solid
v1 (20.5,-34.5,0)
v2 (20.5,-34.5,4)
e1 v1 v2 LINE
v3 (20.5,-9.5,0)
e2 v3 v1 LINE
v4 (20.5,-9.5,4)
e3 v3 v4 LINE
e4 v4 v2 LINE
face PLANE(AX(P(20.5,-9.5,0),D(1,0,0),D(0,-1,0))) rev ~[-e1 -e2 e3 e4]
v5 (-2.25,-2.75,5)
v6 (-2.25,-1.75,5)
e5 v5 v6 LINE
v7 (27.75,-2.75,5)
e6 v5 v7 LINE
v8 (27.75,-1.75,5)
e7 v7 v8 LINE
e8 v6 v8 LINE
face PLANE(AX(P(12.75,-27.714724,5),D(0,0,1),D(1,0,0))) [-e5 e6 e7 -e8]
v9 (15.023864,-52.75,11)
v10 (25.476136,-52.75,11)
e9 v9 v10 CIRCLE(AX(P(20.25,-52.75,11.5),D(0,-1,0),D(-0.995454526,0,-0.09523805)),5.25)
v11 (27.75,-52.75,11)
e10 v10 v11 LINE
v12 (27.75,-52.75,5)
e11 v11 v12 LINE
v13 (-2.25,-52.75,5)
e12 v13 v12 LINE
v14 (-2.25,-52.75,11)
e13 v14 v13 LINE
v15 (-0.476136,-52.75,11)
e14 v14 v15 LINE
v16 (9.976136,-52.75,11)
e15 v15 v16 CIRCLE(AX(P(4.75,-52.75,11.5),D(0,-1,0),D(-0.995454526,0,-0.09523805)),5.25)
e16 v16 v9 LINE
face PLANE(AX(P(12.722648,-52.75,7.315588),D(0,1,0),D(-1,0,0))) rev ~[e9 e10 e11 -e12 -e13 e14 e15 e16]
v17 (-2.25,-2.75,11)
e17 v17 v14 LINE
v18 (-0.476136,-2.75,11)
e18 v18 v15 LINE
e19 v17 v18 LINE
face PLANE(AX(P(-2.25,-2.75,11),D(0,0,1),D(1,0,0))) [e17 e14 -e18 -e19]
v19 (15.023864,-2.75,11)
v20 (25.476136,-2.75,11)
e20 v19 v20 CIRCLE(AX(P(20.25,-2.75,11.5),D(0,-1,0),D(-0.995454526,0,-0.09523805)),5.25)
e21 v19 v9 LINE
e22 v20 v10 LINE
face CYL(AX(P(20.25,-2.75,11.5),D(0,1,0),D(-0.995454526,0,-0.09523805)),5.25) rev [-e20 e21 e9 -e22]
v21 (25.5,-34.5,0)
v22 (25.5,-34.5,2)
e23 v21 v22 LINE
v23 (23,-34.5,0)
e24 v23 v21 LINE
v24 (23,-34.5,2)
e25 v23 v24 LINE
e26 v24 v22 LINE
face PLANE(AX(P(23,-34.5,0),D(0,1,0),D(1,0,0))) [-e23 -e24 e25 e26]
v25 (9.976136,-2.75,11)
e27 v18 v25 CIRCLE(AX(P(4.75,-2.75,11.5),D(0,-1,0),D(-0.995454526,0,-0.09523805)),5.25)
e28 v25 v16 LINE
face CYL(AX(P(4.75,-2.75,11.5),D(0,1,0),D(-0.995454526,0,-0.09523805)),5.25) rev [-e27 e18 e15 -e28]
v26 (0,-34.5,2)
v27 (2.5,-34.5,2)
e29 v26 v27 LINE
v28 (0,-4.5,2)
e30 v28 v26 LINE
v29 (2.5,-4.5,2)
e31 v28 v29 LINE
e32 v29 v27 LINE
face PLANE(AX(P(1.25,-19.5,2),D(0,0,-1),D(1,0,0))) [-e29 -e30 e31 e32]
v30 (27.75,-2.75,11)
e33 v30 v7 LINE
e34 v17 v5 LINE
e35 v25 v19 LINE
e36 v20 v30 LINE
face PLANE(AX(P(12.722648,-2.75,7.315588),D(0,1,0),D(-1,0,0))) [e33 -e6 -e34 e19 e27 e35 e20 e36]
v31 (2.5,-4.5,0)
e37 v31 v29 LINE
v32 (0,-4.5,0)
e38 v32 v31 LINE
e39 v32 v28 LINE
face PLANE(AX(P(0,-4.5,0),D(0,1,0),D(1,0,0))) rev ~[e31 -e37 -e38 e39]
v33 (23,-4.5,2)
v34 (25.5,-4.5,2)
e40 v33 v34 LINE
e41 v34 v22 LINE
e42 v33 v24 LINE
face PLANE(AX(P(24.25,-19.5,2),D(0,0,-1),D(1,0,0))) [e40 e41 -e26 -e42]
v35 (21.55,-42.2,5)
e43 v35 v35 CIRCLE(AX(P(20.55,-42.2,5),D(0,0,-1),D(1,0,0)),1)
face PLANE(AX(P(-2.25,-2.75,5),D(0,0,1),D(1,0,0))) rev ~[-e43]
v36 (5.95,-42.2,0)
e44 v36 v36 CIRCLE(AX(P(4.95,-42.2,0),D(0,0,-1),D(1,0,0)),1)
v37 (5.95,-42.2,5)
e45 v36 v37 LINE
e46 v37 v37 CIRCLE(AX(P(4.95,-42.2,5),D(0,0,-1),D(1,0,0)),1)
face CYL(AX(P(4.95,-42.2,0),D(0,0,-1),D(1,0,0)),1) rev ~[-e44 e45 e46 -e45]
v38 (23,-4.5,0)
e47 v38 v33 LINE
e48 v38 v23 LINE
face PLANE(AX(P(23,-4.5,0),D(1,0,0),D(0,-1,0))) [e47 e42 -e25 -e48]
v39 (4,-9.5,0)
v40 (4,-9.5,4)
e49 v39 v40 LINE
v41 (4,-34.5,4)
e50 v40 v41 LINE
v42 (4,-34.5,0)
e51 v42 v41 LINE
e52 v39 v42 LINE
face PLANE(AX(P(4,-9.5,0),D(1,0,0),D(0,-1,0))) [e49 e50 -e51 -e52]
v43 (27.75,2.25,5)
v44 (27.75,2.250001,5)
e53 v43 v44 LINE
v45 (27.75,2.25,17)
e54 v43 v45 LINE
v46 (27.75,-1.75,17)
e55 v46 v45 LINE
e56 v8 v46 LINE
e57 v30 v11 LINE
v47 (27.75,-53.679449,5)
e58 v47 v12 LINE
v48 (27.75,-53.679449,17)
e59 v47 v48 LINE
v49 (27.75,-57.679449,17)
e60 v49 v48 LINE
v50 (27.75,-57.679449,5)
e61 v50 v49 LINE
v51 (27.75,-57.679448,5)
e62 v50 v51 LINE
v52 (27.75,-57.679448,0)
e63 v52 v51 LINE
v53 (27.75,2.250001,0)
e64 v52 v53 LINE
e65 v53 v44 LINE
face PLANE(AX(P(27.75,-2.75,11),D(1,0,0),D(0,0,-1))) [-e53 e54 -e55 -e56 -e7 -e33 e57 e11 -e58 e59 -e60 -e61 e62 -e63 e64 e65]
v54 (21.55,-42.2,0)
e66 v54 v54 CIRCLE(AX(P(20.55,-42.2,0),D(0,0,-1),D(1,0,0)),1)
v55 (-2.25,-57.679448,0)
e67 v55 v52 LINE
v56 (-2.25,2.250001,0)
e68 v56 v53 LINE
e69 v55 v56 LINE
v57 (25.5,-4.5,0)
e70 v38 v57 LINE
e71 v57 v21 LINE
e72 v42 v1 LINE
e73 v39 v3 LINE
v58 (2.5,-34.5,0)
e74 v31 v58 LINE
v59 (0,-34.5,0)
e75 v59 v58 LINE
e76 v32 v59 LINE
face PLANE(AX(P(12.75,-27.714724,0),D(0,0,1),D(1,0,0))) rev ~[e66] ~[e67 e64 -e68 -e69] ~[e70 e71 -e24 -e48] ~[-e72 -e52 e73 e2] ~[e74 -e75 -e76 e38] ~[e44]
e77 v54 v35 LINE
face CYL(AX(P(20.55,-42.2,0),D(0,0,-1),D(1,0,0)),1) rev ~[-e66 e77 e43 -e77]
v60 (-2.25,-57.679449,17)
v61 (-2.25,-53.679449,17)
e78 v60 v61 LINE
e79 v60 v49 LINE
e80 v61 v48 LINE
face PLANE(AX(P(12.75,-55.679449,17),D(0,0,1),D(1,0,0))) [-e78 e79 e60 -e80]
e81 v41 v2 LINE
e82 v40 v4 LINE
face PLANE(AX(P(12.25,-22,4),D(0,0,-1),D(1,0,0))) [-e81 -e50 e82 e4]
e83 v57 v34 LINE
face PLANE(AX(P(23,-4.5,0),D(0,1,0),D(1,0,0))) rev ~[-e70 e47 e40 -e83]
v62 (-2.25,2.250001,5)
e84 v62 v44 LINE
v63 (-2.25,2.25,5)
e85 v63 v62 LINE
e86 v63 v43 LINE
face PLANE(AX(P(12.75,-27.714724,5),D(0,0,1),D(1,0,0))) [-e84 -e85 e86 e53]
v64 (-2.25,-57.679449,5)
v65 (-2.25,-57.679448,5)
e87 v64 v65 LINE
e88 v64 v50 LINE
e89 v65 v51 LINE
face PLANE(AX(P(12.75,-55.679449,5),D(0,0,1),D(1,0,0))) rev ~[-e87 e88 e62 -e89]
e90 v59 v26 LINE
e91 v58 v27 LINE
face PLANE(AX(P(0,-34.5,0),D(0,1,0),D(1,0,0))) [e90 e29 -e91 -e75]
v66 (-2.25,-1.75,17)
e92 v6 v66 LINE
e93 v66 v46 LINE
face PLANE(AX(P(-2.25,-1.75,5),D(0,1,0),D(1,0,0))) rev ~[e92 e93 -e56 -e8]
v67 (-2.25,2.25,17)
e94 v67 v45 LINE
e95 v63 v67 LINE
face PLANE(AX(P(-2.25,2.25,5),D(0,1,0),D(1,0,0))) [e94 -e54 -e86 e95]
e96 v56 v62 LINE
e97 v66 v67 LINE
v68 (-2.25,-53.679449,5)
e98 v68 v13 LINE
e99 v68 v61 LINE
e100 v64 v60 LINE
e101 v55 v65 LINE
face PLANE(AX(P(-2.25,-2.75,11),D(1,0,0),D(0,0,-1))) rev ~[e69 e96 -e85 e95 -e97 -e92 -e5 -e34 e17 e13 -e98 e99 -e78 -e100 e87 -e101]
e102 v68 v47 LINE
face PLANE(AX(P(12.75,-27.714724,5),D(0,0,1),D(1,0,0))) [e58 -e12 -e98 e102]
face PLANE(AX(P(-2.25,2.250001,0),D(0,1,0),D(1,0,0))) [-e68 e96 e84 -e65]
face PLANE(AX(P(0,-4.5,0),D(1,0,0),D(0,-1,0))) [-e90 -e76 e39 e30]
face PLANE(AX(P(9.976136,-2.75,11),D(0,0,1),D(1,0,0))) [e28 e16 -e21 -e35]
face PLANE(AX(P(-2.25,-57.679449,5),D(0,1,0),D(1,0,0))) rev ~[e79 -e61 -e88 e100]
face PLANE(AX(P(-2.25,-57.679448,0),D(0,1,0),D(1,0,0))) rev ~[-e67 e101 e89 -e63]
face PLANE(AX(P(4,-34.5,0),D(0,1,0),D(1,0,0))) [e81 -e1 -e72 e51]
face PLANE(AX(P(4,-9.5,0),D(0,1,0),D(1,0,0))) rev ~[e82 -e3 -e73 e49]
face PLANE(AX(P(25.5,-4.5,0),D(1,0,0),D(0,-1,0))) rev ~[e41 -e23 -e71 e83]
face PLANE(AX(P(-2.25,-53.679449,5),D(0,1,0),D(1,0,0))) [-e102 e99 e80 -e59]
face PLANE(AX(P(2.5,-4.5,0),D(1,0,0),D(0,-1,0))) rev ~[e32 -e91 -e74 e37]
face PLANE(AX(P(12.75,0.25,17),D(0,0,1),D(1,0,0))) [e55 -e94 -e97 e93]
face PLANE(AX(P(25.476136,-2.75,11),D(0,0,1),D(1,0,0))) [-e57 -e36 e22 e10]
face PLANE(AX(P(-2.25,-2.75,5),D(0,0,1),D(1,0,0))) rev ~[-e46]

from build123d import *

# Parameters (mm, degrees)
SKETCH001_W     = 30
SKETCH001_H     = 59.929449
PAD_DEPTH       = 5
SKETCH002_W     = 16.5
SKETCH002_H     = 25
POCKET_DEPTH    = 4
SKETCH003_W     = 2.5
SKETCH003_H     = 30
POCKET001_DEPTH = 2
SKETCH004_R     = 1
POCKET002_DEPTH = 5
SKETCH005_W     = 30
SKETCH005_H     = 4
PAD001_DEPTH    = 12
PAD002_DEPTH    = 50


with BuildPart() as part:
    # Sketch001 → Pad (new body)
    with BuildSketch(Plane.XY):
        with Locations((12.75, -27.714724)):
            Rectangle(SKETCH001_W, SKETCH001_H)
    extrude(amount=PAD_DEPTH)

    # Sketch002 (on Face5 of Pad) → Pocket (cut)
    with BuildSketch(Plane(origin=(0, 0, 0), x_dir=(1, 0, 0), z_dir=(0, 0, -1))):
        with Locations((12.25, 22)):
            Rectangle(SKETCH002_W, SKETCH002_H)
    extrude(amount=-POCKET_DEPTH, mode=Mode.SUBTRACT)

    # Sketch003 (on Face4 of Pocket) → Pocket001 (cut)
    with BuildSketch(Plane(origin=(0, 0, 0), x_dir=(1, 0, 0), z_dir=(0, 0, -1))):
        with Locations((1.25, 19.5)):
            Rectangle(SKETCH003_W, SKETCH003_H)
        with Locations((24.25, 19.5)):
            Rectangle(SKETCH003_W, SKETCH003_H)
    extrude(amount=-POCKET001_DEPTH, mode=Mode.SUBTRACT)

    # Sketch004 (on Face4 of Pocket001) → Pocket002 (cut)
    with BuildSketch(Plane(origin=(0, 0, 0), x_dir=(1, 0, 0), z_dir=(0, 0, -1))):
        with Locations((4.95, 42.2)):
            Circle(SKETCH004_R)
        with Locations((20.55, 42.2)):
            Circle(SKETCH004_R)
    extrude(amount=-POCKET002_DEPTH, mode=Mode.SUBTRACT)

    # Sketch005 (on Face5 of Pocket002) → Pad001 (join)
    with BuildSketch(Plane.XY.offset(5)):
        with Locations((12.75, -55.679449)):
            Rectangle(SKETCH005_W, SKETCH005_H)
        with Locations((12.75, 0.25)):
            Rectangle(SKETCH005_W, SKETCH005_H)
    extrude(amount=PAD001_DEPTH)

    # Sketch006 (on DatumPlane) → Pad002 (join)
    with BuildSketch(Plane(origin=(-1, -2.75, -16), x_dir=(1, 0, 0), z_dir=(0, -1, 0))):
        with BuildLine():
            ThreePointArc((0.523864, 27), (5.75, 22.25), (10.976136, 27))
            Line((10.976136, 27), (16.023864, 27))
            ThreePointArc((16.023864, 27), (21.25, 22.25), (26.476136, 27))
            Line((26.476136, 27), (28.75, 27))
            Line((28.75, 27), (28.75, 21))
            Line((-1.25, 21), (28.75, 21))
            Line((-1.25, 27), (-1.25, 21))
            Line((-1.25, 27), (0.523864, 27))
        make_face()
    extrude(amount=PAD002_DEPTH)


solid = part.part
